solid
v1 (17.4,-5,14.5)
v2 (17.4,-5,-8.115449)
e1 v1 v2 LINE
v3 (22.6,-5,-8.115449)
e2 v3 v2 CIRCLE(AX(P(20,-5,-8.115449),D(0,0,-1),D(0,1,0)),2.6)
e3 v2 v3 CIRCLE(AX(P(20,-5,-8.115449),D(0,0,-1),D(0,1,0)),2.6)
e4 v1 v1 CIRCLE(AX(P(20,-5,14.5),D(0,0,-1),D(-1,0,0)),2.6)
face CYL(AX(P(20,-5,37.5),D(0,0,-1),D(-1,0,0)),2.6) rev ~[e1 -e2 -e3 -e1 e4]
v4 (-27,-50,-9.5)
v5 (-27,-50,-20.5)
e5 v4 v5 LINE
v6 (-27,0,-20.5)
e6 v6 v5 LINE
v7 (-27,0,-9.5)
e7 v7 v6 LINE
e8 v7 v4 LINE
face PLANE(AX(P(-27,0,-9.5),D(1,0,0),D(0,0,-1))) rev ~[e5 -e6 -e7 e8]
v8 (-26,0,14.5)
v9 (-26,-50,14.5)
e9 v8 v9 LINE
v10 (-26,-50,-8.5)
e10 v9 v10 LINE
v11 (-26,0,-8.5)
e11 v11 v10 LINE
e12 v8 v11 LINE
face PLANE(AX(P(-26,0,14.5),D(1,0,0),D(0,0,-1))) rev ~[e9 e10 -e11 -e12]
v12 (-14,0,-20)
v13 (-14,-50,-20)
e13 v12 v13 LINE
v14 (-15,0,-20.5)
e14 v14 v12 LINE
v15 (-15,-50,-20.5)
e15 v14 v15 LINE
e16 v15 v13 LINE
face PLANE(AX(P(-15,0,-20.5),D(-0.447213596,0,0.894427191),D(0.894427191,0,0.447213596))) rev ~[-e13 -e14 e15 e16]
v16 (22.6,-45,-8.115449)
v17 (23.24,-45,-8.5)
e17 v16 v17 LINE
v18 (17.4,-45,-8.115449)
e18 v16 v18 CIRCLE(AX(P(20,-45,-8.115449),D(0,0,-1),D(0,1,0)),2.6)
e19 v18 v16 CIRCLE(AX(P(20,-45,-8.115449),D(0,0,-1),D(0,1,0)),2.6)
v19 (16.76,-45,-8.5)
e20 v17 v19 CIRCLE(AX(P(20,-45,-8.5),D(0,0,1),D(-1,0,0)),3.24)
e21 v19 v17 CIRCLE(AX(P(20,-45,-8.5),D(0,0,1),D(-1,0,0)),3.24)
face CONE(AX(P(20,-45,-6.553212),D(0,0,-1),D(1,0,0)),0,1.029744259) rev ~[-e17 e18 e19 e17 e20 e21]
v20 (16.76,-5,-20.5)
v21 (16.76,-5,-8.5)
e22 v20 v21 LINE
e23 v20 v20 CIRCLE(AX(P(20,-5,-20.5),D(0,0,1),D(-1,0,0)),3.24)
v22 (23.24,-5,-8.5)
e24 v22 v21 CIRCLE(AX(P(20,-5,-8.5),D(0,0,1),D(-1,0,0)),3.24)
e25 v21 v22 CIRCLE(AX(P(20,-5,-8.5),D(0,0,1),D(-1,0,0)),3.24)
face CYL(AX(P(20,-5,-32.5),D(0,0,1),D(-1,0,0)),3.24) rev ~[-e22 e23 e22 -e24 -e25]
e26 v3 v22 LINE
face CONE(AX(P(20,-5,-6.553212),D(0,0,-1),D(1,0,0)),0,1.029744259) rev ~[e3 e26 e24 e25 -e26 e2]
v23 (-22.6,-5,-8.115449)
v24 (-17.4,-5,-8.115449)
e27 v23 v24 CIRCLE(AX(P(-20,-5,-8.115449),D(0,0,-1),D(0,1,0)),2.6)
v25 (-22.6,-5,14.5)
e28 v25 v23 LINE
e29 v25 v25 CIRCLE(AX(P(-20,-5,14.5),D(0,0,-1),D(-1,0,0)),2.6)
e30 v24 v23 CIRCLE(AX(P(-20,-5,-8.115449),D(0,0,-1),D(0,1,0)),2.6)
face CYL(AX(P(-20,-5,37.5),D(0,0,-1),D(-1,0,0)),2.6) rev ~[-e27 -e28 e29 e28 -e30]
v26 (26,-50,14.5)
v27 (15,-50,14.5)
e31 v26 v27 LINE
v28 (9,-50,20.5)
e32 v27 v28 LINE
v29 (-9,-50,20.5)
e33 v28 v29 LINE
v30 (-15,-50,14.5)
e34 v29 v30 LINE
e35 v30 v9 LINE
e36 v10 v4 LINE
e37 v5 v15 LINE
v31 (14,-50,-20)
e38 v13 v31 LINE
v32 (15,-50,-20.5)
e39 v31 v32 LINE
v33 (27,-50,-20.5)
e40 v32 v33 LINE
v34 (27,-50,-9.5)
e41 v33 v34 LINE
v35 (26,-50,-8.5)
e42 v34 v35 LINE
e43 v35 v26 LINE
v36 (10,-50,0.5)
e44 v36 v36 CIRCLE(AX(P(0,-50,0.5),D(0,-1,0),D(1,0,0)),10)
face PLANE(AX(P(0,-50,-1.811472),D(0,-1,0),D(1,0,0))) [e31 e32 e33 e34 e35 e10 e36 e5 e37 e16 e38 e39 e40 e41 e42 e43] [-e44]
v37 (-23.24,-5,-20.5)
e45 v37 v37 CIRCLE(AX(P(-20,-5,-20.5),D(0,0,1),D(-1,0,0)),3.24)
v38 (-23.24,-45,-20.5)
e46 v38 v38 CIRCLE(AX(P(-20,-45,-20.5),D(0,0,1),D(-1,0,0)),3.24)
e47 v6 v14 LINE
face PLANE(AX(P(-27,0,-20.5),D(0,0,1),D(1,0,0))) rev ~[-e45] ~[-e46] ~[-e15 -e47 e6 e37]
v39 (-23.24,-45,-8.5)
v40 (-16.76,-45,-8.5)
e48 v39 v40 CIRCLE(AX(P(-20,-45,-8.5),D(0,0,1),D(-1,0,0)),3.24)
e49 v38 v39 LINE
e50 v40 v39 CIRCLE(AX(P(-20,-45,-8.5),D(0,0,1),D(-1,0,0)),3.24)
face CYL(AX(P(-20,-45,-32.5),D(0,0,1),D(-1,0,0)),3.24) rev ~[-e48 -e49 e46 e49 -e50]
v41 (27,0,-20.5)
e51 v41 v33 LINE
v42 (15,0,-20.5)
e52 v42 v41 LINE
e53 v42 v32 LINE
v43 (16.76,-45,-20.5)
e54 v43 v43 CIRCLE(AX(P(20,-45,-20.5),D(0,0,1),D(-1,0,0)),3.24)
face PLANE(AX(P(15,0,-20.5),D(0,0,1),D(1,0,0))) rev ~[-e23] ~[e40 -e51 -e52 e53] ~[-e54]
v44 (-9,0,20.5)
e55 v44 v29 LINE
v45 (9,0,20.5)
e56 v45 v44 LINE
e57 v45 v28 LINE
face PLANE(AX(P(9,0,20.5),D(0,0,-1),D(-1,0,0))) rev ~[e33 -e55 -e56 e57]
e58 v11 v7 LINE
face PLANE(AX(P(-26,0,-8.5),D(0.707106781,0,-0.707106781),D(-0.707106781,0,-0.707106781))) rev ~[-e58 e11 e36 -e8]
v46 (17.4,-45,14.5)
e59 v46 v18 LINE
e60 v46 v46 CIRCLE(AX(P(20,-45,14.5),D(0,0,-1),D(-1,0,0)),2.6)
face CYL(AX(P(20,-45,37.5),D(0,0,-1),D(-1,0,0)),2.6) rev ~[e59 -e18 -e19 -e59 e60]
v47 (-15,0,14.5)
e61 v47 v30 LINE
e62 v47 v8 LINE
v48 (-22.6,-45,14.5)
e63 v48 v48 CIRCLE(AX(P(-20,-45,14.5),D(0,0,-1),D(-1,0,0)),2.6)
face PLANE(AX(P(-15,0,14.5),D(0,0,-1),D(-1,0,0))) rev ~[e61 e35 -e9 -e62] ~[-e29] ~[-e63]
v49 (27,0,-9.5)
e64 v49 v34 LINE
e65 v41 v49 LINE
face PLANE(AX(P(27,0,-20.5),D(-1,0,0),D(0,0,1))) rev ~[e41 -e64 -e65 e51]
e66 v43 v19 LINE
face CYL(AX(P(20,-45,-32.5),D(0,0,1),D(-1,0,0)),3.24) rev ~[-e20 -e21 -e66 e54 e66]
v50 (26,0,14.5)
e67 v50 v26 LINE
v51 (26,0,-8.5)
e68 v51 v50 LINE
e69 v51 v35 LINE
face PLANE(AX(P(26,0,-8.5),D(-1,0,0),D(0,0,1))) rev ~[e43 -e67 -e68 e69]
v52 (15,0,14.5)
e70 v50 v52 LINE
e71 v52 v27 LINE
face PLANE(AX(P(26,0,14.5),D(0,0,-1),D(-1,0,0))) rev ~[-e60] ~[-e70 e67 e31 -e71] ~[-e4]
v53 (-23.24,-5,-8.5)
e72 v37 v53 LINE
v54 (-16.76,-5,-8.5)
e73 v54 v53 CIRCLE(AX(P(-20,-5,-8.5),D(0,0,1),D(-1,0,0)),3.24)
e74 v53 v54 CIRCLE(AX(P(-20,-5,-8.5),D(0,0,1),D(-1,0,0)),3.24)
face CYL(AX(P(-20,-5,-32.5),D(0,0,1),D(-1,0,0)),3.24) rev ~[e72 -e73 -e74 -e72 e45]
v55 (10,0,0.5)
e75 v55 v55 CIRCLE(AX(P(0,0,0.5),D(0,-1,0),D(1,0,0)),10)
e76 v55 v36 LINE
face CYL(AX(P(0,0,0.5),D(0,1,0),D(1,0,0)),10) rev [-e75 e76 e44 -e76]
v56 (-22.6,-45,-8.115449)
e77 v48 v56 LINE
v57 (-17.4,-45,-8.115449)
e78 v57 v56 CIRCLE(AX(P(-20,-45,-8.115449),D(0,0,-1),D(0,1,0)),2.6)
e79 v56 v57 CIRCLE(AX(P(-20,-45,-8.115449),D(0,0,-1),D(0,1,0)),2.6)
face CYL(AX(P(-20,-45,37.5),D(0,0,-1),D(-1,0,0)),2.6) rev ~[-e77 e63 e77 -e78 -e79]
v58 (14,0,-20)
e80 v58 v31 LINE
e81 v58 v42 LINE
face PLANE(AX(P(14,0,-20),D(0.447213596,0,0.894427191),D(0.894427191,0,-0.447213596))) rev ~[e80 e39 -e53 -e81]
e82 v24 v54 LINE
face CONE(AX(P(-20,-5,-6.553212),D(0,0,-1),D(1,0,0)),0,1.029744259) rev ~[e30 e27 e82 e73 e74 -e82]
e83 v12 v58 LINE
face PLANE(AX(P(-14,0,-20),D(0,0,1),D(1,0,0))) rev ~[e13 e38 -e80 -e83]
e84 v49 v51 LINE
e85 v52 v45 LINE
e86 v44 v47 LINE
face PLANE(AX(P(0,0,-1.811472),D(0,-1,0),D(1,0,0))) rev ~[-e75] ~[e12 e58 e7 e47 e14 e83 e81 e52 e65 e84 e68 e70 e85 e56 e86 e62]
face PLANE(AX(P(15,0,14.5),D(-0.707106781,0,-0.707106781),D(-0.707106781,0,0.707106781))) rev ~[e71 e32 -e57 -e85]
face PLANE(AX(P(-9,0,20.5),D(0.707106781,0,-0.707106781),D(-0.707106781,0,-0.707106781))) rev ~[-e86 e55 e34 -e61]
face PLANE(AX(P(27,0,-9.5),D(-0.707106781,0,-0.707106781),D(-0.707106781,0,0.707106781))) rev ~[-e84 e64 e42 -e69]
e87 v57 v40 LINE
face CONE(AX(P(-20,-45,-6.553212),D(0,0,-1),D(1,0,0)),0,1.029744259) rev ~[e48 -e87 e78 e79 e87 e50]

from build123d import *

# Parameters (mm, degrees)
F0_R      = 10
F1_DEPTH  = 50
F5_D      = 6.48
F5_DEPTH  = 12
F5_TIP    = 1.9467884056
F6_D      = 6.48
F6_DEPTH  = 12
F6_TIP    = 1.9467884056
F7_D      = 6.48
F7_DEPTH  = 12
F7_TIP    = 1.9467884056
F8_D      = 6.48
F8_DEPTH  = 12
F8_TIP    = 1.9467884056
F9_D      = 5.2
F9_DEPTH  = 23
F9_TIP    = 1.5622376095
F10_D     = 5.2
F10_DEPTH = 23
F10_TIP   = 1.5622376095
F11_D     = 5.2
F11_DEPTH = 23
F11_TIP   = 1.5622376095
F12_D     = 5.2
F12_DEPTH = 23
F12_TIP   = 1.5622376095


with BuildPart() as f1:
    # F0 (on Front) → F1 (new body)
    with BuildSketch(Plane.XZ):
        Polygon((15, -20.5), (27, -20.5), (27, -9.5), (26, -8.5), (26, 14.5), (15, 14.5), (9, 20.5), (-9, 20.5), (-15, 14.5), (-26, 14.5), (-26, -8.5), (-27, -9.5), (-27, -20.5), (-15, -20.5), (-14, -20), (14, -20), align=None)
        with Locations((0, 0.5)):
            Circle(F0_R, mode=Mode.SUBTRACT)
    extrude(amount=F1_DEPTH)

    # F5
    with Locations(Plane(origin=(0, 0, -20.5), x_dir=(1, 0, 0), z_dir=(0, 0, -1))):
        with Locations((20, 45)):
            Hole(F5_D / 2, depth=F5_DEPTH)
            with Locations((0, 0, -(F5_DEPTH + F5_TIP / 2))):  # 118° drill point
                Cone(0, F5_D / 2, F5_TIP, mode=Mode.SUBTRACT)

    # F6
    with Locations(Plane(origin=(0, 0, -20.5), x_dir=(1, 0, 0), z_dir=(0, 0, -1))):
        with Locations((-20, 45)):
            Hole(F6_D / 2, depth=F6_DEPTH)
            with Locations((0, 0, -(F6_DEPTH + F6_TIP / 2))):  # 118° drill point
                Cone(0, F6_D / 2, F6_TIP, mode=Mode.SUBTRACT)

    # F7
    with Locations(Plane(origin=(0, 0, -20.5), x_dir=(1, 0, 0), z_dir=(0, 0, -1))):
        with Locations((20, 5)):
            Hole(F7_D / 2, depth=F7_DEPTH)
            with Locations((0, 0, -(F7_DEPTH + F7_TIP / 2))):  # 118° drill point
                Cone(0, F7_D / 2, F7_TIP, mode=Mode.SUBTRACT)

    # F8
    with Locations(Plane(origin=(0, 0, -20.5), x_dir=(1, 0, 0), z_dir=(0, 0, -1))):
        with Locations((-20, 5)):
            Hole(F8_D / 2, depth=F8_DEPTH)
            with Locations((0, 0, -(F8_DEPTH + F8_TIP / 2))):  # 118° drill point
                Cone(0, F8_D / 2, F8_TIP, mode=Mode.SUBTRACT)

    # F9
    with Locations(Plane.XY.offset(14.5)):
        with Locations((20, -45)):
            Hole(F9_D / 2, depth=F9_DEPTH)
            with Locations((0, 0, -(F9_DEPTH + F9_TIP / 2))):  # 118° drill point
                Cone(0, F9_D / 2, F9_TIP, mode=Mode.SUBTRACT)

    # F10
    with Locations(Plane.XY.offset(14.5)):
        with Locations((-20, -45)):
            Hole(F10_D / 2, depth=F10_DEPTH)
            with Locations((0, 0, -(F10_DEPTH + F10_TIP / 2))):  # 118° drill point
                Cone(0, F10_D / 2, F10_TIP, mode=Mode.SUBTRACT)

    # F11
    with Locations(Plane.XY.offset(14.5)):
        with Locations((-20, -5)):
            Hole(F11_D / 2, depth=F11_DEPTH)
            with Locations((0, 0, -(F11_DEPTH + F11_TIP / 2))):  # 118° drill point
                Cone(0, F11_D / 2, F11_TIP, mode=Mode.SUBTRACT)

    # F12
    with Locations(Plane.XY.offset(14.5)):
        with Locations((20, -5)):
            Hole(F12_D / 2, depth=F12_DEPTH)
            with Locations((0, 0, -(F12_DEPTH + F12_TIP / 2))):  # 118° drill point
                Cone(0, F12_D / 2, F12_TIP, mode=Mode.SUBTRACT)


solid = f1.part
